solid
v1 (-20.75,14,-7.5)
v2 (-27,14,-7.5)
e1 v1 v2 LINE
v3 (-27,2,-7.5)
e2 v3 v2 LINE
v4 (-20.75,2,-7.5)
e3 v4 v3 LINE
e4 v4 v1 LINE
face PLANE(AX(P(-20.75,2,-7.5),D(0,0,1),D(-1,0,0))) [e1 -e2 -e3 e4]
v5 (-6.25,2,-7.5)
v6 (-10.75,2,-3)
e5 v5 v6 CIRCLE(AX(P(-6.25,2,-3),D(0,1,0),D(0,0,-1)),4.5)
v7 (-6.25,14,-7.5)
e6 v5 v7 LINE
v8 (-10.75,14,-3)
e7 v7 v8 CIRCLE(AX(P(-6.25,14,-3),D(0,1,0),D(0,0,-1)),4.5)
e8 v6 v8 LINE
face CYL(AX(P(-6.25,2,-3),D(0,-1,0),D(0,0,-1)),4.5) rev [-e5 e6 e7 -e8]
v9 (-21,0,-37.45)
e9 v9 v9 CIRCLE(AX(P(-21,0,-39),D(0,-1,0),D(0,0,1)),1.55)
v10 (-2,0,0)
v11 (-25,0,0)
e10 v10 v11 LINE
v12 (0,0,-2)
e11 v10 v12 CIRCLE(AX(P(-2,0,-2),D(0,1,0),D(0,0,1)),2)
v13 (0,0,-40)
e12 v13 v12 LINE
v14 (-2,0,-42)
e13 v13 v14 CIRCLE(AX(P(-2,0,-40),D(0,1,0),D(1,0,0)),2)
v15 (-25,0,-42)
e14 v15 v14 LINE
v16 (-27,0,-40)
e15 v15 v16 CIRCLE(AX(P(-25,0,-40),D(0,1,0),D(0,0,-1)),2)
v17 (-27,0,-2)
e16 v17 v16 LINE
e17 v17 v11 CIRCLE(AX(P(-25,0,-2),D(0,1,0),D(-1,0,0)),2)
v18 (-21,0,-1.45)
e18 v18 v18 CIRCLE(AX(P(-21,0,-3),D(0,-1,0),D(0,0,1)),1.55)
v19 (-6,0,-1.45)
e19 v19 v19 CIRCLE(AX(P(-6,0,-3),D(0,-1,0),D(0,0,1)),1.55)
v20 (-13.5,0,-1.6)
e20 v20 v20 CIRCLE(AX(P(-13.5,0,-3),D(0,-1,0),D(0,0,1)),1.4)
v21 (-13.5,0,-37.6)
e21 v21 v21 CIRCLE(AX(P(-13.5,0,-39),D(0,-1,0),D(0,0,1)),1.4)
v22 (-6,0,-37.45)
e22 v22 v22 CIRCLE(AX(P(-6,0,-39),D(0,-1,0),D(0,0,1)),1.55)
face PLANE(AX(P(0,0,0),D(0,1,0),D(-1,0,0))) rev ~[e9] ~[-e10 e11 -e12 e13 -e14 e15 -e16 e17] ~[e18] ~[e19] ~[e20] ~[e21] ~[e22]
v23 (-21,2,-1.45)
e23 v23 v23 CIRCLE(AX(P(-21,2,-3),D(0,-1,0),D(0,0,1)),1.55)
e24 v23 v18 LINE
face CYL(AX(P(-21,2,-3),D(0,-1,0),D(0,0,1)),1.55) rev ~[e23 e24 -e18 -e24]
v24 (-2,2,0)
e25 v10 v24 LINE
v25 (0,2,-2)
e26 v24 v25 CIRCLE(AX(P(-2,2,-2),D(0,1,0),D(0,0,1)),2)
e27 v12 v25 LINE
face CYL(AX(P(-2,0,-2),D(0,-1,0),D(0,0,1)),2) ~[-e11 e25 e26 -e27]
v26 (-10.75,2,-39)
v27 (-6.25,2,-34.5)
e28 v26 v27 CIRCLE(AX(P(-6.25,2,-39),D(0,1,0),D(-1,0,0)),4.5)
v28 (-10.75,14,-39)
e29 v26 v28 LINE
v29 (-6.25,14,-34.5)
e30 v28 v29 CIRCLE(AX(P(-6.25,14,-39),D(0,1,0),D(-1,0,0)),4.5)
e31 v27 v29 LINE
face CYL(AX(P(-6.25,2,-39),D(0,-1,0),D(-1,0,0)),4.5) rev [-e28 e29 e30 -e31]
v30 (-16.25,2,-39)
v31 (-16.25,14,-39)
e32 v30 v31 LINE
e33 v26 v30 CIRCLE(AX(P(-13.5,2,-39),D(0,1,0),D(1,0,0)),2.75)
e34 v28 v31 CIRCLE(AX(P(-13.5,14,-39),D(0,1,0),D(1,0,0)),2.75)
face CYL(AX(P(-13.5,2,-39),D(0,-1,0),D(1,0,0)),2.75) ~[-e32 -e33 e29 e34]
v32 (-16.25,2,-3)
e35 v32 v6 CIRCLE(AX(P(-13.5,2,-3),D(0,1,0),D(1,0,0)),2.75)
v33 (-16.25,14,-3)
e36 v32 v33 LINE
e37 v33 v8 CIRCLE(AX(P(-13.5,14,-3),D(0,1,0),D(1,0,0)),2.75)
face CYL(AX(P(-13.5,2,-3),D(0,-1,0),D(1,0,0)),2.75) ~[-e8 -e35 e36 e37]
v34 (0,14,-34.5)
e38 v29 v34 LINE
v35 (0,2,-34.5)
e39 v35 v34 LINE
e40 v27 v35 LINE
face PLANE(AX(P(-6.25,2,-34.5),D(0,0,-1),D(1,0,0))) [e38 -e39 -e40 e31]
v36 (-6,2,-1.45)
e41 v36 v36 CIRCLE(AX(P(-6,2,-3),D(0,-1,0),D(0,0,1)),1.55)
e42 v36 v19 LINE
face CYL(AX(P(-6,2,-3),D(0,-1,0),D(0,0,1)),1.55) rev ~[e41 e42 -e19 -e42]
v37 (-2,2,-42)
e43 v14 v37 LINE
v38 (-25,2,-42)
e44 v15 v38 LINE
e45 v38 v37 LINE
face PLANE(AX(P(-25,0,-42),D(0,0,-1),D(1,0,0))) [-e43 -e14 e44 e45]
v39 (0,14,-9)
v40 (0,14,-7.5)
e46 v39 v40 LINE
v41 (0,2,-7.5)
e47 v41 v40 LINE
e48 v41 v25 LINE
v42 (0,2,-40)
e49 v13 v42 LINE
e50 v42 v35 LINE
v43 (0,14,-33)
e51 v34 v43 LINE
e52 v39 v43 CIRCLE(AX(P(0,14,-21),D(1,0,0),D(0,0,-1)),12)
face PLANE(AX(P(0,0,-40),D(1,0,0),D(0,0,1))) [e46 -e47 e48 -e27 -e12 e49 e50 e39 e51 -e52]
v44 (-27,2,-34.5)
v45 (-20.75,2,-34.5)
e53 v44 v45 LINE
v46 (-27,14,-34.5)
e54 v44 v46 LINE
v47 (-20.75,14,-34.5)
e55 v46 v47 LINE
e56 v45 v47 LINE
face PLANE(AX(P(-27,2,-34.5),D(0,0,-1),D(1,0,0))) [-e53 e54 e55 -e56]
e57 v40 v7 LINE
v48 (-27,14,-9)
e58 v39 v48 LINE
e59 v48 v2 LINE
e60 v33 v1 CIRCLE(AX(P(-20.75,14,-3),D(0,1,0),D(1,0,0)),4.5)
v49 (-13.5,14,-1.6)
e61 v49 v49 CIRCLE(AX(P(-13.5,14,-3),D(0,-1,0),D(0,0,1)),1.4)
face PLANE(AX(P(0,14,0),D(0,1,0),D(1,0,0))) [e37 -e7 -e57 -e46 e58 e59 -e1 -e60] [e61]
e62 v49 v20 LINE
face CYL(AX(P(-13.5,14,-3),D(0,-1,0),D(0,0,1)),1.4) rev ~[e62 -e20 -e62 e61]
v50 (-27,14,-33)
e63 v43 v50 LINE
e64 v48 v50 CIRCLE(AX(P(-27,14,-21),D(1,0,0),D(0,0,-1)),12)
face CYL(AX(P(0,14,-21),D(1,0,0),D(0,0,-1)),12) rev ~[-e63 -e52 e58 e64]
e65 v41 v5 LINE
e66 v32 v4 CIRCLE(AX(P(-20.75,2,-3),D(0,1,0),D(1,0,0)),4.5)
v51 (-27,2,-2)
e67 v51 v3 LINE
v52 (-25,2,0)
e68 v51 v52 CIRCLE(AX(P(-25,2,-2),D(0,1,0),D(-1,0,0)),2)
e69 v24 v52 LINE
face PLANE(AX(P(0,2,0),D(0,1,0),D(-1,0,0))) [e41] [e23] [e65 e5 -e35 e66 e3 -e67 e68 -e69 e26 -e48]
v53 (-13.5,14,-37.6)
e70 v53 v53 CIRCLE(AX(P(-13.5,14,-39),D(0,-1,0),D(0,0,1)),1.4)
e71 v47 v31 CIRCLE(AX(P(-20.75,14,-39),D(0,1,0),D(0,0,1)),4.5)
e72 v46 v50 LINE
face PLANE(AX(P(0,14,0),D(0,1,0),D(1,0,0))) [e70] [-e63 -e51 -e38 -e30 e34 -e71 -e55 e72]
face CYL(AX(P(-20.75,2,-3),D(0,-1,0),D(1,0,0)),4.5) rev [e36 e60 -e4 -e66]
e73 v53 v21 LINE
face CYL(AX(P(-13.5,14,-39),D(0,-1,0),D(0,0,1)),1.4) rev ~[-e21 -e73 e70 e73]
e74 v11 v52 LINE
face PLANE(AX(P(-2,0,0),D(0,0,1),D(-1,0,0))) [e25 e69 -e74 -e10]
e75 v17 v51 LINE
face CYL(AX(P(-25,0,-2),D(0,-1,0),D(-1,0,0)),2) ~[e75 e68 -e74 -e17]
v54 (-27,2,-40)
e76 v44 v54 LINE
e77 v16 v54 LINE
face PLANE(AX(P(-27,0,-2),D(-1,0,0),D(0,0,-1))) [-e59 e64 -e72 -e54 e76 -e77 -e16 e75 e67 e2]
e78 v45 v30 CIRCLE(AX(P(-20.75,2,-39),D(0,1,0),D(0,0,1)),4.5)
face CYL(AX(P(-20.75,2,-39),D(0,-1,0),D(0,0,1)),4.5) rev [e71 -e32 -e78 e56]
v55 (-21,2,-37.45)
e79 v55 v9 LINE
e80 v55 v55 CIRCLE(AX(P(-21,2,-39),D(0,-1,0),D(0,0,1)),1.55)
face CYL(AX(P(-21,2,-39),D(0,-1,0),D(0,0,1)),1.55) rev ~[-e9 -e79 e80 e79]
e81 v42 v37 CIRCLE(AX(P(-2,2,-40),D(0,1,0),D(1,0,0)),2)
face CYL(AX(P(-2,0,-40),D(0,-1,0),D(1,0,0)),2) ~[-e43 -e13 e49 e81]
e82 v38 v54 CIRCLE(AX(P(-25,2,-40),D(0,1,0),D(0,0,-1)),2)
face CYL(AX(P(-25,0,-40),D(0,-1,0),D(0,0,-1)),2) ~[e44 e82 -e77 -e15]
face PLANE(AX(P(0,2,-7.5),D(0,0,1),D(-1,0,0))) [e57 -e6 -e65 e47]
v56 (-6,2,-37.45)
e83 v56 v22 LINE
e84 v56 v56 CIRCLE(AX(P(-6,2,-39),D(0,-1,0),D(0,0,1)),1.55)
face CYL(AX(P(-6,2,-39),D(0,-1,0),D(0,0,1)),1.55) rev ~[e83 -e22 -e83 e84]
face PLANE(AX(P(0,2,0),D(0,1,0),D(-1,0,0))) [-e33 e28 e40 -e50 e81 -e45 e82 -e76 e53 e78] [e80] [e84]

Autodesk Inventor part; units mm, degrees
ref_plane "YZ Plane" through (0, 0, 0) normal (1, 0, 0) x (0, 1, 0)
ref_plane "XZ Plane" through (0, 0, 0) normal (0, 1, 0) x (-1, 0, 0)
ref_plane "XY Plane" through (0, 0, 0) normal (0, 0, 1) x (1, 0, 0)
sketch "スケッチ1" plane through (0, 0, 0) normal (0, 1, 0) x (-1, 0, 0)
  line L0 (2, 0) -> (25, 0)
  line L1 (27, -2) -> (27, -40)
  line L2 (25, -42) -> (2, -42)
  line L3 (0, -40) -> (0, -2)
  arc A0 (27, -2) -> (25, 0) centre (25, -2) ccw
  arc A1 (25, -42) -> (27, -40) centre (25, -40) ccw
  arc A2 (2, 0) -> (0, -2) centre (2, -2) ccw
  arc A3 (0, -40) -> (2, -42) centre (2, -40) ccw
  point P0 (0, 0)
  point P1 (27, -42)
  point P2 (27, 0)
  point P3 (0, -42)
  dimension "d0" = 27
  dimension "d1" = 42
  dimension "d2" = 2
extrude "押し出し1" add sketch "スケッチ1" along normal blind 2
sketch "スケッチ2" plane through (0, 2, 0) normal (0, 1, 0) x (1, 0, 0)
  line L0 (-27, 40) -> (-27, 2) projected
  line L1 (0, 2) -> (0, 40) projected
  line L2 (-2, 42) -> (-25, 42) projected
  line L3 (-25, 0) -> (-2, 0) projected
  point P0 (0, 0)
  point P1 (-21, 39)
  point P2 (-6, 39)
  point P3 (-21, 3)
  point P4 (-6, 3)
  dimension "d5" = 6
  dimension "d6" = 6
  dimension "d7" = 6
  dimension "d8" = 6
  dimension "d9" = 3
  dimension "d10" = 3
  dimension "d11" = 3
  dimension "d12" = 3
hole "穴1" at (-21, 2, -39) at (-6, 2, -39) at (-21, 2, -3) at (-6, 2, -3) direction (0, -1, 0) diameter 3.1 end through all
sketch "スケッチ3" plane through (0, 2, 0) normal (0, 1, 0) x (1, 0, 0)
  line L0 (-27, 40) -> (-27, 2) projected
  line L1 (-27, 34.5) -> (0, 34.5)
  line L2 (0, 34.5) -> (0, 7.5)
  line L3 (0, 7.5) -> (-27, 7.5)
  line L4 (-27, 7.5) -> (-27, 34.5)
  line L5 (0, 2) -> (0, 40) projected
  circle A0 centre (-13.5, 3) radius 2.75
  circle A1 centre (-13.5, 39) radius 2.75
  arc A2 (-20.75, 34.5) -> (-16.25, 39) centre (-20.75, 39) ccw
  arc A3 (-10.75, 39) -> (-6.25, 34.5) centre (-6.25, 39) ccw
  line L6 (-16.25, 3) -> (-20.75, 3)
  line L7 (-10.75, 3) -> (-6.25, 3)
  arc A4 (-16.25, 3) -> (-20.75, 7.5) centre (-20.75, 3) ccw
  arc A5 (-6.25, 7.5) -> (-10.75, 3) centre (-6.25, 3) ccw
  point P0 (0, 0)
  point P1 (0, 21)
  point P2 (0, 21)
  dimension "d20" = 27
  dimension "d21" = 27
  dimension "d22" = 0
  dimension "d23" = 5.5
  dimension "d24" = 5.5
  dimension "d25" = 4.5
  dimension "d27" = 4.5
  dimension "d29" = 4.5
  dimension "d30" = 4.5
extrude "押し出し2" add sketch "スケッチ3" along normal blind 12
sketch "スケッチ4" plane through (0, 0, -2) normal (1, 0, 0) x (0, 0, -1)
  line L0 (32.5, 14) -> (5.5, 14) projected
  circle A0 centre (19, 14) radius 12
  point P0 (-2, 0)
  point P1 (7, 14)
  point P2 (31, 14)
  dimension "d33" = 24
extrude "押し出し3" cut sketch "スケッチ4" against normal through all contours A0 L0 picked at (15.4582, 12.1411)
sketch "スケッチ5" plane through (0, 14, 0) normal (0, 1, 0) x (1, 0, 0)
  arc A0 (-10.75, 39) -> (-16.25, 39) centre (-13.5, 39) ccw projected
  arc A1 (-16.25, 3) -> (-10.75, 3) centre (-13.5, 3) ccw projected
  point P0 (0, 0)
hole "穴2" at (-13.5, 14, -39) at (-13.5, 14, -3) direction (0, -1, 0) diameter 2.8 end through all
properties part number "daisen_moto_parts1"
